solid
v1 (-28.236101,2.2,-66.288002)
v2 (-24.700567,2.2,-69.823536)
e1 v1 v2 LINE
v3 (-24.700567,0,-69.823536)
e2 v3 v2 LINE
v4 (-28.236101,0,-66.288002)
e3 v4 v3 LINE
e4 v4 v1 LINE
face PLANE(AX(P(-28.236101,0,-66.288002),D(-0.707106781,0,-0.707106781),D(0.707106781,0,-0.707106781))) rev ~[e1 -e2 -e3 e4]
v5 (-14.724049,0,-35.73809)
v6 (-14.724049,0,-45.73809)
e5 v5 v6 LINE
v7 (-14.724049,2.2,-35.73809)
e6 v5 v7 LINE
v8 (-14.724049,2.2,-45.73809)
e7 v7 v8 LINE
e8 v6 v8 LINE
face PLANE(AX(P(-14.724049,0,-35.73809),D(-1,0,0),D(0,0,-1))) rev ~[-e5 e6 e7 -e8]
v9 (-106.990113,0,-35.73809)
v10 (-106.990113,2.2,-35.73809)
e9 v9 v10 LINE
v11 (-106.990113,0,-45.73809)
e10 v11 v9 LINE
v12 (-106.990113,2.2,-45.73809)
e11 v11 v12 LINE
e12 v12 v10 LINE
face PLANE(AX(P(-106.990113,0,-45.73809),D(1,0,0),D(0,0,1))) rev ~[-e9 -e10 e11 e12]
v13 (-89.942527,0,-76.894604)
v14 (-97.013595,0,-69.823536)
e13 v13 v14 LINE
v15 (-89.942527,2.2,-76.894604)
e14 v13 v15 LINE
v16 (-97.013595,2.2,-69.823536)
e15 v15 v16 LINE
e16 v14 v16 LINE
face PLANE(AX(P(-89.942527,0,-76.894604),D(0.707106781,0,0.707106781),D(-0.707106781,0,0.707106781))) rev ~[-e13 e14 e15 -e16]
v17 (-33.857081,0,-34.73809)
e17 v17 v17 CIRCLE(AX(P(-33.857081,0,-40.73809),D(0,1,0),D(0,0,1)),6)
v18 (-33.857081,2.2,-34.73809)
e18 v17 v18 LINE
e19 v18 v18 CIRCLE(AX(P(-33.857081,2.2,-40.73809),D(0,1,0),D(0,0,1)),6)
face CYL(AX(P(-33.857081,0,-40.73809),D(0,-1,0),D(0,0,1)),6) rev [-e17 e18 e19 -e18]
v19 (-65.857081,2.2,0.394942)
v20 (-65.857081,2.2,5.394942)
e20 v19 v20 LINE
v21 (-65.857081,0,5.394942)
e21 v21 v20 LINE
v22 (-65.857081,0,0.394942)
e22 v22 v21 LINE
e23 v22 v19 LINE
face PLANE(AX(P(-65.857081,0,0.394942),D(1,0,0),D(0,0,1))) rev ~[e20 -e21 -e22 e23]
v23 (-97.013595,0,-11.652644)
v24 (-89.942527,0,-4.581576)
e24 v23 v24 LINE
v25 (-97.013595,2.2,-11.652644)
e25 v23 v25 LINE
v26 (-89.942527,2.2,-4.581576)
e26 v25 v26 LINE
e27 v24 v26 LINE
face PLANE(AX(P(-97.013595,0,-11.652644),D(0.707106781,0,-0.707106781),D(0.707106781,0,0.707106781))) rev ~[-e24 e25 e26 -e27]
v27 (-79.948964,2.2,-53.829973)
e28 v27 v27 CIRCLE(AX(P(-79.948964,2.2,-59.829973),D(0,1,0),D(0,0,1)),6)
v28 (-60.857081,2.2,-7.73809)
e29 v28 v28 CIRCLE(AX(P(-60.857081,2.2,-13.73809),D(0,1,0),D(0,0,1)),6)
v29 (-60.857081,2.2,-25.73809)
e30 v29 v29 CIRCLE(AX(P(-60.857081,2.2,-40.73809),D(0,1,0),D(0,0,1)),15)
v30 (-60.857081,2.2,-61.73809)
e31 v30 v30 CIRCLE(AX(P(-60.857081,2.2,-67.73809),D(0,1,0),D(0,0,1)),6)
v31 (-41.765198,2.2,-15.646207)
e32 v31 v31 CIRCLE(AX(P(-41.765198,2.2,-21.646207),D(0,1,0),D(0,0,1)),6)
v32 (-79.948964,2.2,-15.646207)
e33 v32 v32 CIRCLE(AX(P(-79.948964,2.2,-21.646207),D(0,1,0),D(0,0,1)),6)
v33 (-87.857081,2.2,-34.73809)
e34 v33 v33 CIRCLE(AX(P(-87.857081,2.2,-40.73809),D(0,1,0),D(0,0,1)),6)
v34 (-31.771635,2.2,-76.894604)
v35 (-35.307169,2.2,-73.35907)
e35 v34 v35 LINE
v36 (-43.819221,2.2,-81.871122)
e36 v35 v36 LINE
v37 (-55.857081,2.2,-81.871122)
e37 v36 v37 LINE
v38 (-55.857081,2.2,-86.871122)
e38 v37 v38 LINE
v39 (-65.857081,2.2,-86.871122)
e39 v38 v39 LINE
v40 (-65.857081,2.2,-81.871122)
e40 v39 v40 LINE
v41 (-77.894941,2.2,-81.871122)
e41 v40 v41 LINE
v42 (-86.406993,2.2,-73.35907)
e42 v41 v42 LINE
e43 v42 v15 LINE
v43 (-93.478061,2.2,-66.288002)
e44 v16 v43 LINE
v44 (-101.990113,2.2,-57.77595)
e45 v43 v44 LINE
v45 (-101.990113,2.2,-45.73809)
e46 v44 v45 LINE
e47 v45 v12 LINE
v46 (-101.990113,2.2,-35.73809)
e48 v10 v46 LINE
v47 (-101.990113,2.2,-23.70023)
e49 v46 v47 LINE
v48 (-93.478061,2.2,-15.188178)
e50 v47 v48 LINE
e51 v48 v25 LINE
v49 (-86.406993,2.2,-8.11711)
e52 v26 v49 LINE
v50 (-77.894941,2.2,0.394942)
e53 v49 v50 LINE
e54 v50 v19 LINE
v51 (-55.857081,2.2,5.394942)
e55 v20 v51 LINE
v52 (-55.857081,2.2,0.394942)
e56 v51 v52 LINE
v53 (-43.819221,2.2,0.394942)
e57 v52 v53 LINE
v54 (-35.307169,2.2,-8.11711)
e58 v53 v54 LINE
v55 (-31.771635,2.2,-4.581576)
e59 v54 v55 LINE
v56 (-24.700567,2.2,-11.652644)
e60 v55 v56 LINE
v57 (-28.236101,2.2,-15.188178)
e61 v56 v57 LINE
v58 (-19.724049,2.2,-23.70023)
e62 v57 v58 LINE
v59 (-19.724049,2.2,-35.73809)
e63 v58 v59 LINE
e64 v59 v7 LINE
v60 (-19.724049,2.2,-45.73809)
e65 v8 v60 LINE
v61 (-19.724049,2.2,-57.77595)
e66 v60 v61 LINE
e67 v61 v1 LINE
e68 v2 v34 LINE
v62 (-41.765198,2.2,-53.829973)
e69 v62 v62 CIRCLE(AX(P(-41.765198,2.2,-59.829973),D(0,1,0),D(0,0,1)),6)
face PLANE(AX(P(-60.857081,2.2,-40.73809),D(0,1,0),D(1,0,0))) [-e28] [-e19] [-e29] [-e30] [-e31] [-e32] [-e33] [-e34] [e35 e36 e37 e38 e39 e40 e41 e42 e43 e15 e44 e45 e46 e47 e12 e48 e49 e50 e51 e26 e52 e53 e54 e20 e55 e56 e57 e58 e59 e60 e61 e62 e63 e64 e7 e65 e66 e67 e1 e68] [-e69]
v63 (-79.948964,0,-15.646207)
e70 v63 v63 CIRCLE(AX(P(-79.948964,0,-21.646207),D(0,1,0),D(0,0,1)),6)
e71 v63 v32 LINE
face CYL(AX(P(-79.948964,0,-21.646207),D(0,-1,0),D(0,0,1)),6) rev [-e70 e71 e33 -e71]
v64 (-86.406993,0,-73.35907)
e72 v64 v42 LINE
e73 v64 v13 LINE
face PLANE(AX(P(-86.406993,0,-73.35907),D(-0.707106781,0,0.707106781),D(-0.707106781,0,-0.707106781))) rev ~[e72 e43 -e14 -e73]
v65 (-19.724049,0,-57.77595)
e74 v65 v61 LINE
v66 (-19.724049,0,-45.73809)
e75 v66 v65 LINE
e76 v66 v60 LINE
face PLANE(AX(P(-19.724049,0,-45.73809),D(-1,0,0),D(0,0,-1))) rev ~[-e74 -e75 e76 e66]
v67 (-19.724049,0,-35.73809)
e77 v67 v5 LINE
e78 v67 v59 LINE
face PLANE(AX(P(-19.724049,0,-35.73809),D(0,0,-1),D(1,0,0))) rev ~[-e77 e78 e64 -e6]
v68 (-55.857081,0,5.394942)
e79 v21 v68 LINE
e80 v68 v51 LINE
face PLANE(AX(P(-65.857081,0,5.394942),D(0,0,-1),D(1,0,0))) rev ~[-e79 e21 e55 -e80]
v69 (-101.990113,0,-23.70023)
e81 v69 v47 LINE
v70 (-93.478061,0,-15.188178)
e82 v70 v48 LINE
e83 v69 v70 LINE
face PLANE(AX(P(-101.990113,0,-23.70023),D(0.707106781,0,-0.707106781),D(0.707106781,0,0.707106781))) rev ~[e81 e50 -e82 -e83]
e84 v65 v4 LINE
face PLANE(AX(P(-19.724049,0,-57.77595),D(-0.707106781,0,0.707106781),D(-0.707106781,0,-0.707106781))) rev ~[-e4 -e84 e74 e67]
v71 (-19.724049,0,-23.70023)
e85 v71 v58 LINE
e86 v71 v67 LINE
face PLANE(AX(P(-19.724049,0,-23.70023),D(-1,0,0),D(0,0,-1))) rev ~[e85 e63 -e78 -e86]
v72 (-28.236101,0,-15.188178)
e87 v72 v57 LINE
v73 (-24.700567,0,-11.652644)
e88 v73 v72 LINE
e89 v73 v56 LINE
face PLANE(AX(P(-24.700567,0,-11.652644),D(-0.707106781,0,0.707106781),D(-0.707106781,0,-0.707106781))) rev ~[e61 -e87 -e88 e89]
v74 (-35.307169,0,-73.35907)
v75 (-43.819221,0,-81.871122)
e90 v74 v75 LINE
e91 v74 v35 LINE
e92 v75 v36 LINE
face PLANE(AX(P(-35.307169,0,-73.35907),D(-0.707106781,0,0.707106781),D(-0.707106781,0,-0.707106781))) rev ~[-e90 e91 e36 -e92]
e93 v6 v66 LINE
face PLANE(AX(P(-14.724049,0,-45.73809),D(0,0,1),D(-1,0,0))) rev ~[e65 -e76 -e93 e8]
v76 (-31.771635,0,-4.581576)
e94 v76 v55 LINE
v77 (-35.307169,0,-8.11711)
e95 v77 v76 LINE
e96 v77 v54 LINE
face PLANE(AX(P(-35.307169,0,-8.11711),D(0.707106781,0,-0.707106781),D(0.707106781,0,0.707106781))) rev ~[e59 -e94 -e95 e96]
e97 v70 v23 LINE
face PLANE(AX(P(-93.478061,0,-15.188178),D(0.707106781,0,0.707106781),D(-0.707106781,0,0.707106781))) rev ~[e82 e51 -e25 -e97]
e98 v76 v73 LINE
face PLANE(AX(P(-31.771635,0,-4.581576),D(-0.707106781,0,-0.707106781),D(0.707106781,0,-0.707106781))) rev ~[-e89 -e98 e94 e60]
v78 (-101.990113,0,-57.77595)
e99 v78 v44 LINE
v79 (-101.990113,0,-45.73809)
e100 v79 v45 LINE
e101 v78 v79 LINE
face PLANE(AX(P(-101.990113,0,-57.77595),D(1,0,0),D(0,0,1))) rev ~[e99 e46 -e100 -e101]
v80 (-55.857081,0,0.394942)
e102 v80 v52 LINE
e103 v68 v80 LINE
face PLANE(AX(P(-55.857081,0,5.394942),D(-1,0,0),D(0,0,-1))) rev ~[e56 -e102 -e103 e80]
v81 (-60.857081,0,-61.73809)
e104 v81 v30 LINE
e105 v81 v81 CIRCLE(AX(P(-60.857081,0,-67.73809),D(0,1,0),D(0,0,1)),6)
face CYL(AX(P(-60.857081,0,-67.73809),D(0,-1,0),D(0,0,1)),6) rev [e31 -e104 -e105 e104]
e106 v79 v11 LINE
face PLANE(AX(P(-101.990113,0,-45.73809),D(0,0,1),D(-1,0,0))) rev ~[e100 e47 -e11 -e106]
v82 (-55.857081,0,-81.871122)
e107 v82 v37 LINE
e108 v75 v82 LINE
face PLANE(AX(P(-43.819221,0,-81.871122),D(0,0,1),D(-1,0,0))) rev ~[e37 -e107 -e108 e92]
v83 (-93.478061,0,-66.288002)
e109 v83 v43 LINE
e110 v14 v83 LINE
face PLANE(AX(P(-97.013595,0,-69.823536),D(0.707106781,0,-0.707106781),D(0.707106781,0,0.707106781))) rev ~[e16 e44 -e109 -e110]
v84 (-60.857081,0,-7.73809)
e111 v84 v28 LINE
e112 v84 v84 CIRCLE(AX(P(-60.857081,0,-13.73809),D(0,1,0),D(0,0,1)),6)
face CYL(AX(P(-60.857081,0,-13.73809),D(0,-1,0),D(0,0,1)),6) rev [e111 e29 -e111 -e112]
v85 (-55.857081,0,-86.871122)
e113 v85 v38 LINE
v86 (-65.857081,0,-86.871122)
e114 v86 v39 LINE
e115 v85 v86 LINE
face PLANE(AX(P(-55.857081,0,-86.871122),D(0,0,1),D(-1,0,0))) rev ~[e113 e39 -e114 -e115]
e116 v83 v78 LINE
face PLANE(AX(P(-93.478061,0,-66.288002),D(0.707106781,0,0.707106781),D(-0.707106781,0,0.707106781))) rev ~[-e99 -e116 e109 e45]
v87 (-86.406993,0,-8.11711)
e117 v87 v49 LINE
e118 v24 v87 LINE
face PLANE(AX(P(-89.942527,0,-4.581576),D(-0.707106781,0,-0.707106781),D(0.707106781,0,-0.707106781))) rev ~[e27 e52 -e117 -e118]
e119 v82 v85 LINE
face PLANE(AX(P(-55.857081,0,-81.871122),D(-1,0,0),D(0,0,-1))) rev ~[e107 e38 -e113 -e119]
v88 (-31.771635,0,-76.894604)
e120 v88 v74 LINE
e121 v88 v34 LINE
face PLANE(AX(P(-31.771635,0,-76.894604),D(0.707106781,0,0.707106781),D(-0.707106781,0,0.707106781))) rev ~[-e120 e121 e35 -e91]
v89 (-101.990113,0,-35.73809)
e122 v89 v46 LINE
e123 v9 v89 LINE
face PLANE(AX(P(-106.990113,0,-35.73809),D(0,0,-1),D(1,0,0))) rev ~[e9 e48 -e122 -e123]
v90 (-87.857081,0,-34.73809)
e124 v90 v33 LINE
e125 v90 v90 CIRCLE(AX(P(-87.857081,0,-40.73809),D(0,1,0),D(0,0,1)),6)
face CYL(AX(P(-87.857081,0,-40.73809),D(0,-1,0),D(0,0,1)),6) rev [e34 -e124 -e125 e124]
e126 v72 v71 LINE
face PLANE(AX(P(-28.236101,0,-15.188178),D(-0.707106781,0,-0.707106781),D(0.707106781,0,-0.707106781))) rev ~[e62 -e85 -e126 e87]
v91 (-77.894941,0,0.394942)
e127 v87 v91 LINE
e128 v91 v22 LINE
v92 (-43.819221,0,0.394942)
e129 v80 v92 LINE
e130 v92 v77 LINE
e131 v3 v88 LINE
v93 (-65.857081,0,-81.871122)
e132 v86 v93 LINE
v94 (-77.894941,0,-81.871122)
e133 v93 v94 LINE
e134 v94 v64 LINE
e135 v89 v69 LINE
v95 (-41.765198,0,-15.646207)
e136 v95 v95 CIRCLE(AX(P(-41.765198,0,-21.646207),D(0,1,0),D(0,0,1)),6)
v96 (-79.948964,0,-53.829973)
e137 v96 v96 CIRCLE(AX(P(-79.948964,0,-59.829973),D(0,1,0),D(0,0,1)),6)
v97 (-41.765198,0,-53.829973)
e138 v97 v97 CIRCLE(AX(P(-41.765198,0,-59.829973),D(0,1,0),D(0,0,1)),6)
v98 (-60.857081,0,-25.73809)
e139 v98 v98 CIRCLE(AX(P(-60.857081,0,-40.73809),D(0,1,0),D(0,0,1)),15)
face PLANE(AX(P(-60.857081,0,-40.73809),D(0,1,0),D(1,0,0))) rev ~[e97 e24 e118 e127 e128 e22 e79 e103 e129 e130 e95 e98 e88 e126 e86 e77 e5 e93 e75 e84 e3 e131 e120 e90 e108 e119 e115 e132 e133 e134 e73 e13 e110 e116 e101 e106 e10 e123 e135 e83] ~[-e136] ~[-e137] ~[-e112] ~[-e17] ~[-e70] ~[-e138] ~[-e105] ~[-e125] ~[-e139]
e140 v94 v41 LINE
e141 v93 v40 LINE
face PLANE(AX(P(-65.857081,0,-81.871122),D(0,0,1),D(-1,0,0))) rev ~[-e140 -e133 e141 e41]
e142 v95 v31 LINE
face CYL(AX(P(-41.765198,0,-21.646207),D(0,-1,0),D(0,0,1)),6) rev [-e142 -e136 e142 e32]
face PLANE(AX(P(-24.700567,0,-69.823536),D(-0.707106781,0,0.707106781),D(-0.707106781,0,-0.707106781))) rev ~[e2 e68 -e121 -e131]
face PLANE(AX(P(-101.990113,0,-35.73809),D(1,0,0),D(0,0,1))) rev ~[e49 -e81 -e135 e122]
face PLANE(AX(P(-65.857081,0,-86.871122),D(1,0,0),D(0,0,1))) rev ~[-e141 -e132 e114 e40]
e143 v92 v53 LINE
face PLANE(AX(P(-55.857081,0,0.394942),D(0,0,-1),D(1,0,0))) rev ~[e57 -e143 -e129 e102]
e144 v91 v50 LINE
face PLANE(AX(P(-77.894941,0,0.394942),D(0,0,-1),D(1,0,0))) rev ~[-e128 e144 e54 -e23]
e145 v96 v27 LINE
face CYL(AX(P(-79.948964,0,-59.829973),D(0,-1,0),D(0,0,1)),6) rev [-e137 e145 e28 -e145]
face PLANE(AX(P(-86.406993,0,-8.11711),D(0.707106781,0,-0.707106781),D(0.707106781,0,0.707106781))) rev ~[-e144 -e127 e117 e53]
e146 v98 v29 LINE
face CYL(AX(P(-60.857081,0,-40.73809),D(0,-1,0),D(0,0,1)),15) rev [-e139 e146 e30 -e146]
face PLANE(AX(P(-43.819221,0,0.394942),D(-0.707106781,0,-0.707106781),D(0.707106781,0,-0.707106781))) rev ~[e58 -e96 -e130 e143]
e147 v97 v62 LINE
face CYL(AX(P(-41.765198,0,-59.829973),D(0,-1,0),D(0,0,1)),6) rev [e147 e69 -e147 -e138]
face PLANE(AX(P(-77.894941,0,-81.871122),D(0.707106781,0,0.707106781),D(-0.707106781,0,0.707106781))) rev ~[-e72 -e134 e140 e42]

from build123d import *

# Parameters (mm, degrees)
SKETCH1_R           = 6
SKETCH1_R_2         = 15
BOSS_EXTRUDE1_DEPTH = 2.2


with BuildPart() as part:
    # Sketch1 → Boss-Extrude1 (new body)
    with BuildSketch(Plane(origin=(0, 0, 0), x_dir=(1, 0, 0), z_dir=(0, 1, 0))):
        Polygon((-55.857081241, 81.871122291), (-55.857081241, 86.871122291), (-65.857081241, 86.871122291), (-65.857081241, 81.871122291), (-77.894941, 81.871122291), (-86.406993267, 73.359070024), (-89.942527173, 76.89460393), (-97.013594985, 69.823536118), (-93.478061079, 66.288002212), (-101.990113346, 57.775949945), (-101.990113346, 45.738090186), (-106.990113346, 45.738090186), (-106.990113346, 35.738090186), (-101.990113346, 35.738090186), (-101.990113346, 23.700230426), (-93.478061079, 15.188178159), (-97.013594985, 11.652644253), (-89.942527173, 4.581576441), (-86.406993267, 8.117110347), (-77.894941, -0.39494192), (-65.857081241, -0.39494192), (-65.857081241, -5.39494192), (-55.857081241, -5.39494192), (-55.857081241, -0.39494192), (-43.819221481, -0.39494192), (-35.307169214, 8.117110347), (-31.771635308, 4.581576441), (-24.700567496, 11.652644253), (-28.236101402, 15.188178159), (-19.724049135, 23.700230426), (-19.724049135, 35.738090186), (-14.724049135, 35.738090186), (-14.724049135, 45.738090186), (-19.724049135, 45.738090186), (-19.724049135, 57.775949945), (-28.236101402, 66.288002212), (-24.700567496, 69.823536118), (-31.771635308, 76.89460393), (-35.307169214, 73.359070024), (-43.819221481, 81.871122291), align=None)
        with Locations(Location((-60.857081241, 67.738090186, 0), (0, 0, 270))):
            Circle(SKETCH1_R, mode=Mode.SUBTRACT)
        with Locations(Location((-41.765198148, 59.829973278, 0), (0, 0, 270))):
            Circle(SKETCH1_R, mode=Mode.SUBTRACT)
        with Locations(Location((-33.857081241, 40.738090186, 0), (0, 0, 270))):
            Circle(SKETCH1_R, mode=Mode.SUBTRACT)
        with Locations(Location((-41.765198148, 21.646207094, 0), (0, 0, 270))):
            Circle(SKETCH1_R, mode=Mode.SUBTRACT)
        with Locations(Location((-60.857081241, 13.738090186, 0), (0, 0, 270))):
            Circle(SKETCH1_R, mode=Mode.SUBTRACT)
        with Locations(Location((-79.948964333, 21.646207094, 0), (0, 0, 270))):
            Circle(SKETCH1_R, mode=Mode.SUBTRACT)
        with Locations(Location((-87.857081241, 40.738090186, 0), (0, 0, 270))):
            Circle(SKETCH1_R, mode=Mode.SUBTRACT)
        with Locations(Location((-79.948964333, 59.829973278, 0), (0, 0, 270))):
            Circle(SKETCH1_R, mode=Mode.SUBTRACT)
        with Locations(Location((-60.857081241, 40.738090186, 0), (0, 0, 270))):
            Circle(SKETCH1_R_2, mode=Mode.SUBTRACT)
    extrude(amount=BOSS_EXTRUDE1_DEPTH)


solid = part.part
